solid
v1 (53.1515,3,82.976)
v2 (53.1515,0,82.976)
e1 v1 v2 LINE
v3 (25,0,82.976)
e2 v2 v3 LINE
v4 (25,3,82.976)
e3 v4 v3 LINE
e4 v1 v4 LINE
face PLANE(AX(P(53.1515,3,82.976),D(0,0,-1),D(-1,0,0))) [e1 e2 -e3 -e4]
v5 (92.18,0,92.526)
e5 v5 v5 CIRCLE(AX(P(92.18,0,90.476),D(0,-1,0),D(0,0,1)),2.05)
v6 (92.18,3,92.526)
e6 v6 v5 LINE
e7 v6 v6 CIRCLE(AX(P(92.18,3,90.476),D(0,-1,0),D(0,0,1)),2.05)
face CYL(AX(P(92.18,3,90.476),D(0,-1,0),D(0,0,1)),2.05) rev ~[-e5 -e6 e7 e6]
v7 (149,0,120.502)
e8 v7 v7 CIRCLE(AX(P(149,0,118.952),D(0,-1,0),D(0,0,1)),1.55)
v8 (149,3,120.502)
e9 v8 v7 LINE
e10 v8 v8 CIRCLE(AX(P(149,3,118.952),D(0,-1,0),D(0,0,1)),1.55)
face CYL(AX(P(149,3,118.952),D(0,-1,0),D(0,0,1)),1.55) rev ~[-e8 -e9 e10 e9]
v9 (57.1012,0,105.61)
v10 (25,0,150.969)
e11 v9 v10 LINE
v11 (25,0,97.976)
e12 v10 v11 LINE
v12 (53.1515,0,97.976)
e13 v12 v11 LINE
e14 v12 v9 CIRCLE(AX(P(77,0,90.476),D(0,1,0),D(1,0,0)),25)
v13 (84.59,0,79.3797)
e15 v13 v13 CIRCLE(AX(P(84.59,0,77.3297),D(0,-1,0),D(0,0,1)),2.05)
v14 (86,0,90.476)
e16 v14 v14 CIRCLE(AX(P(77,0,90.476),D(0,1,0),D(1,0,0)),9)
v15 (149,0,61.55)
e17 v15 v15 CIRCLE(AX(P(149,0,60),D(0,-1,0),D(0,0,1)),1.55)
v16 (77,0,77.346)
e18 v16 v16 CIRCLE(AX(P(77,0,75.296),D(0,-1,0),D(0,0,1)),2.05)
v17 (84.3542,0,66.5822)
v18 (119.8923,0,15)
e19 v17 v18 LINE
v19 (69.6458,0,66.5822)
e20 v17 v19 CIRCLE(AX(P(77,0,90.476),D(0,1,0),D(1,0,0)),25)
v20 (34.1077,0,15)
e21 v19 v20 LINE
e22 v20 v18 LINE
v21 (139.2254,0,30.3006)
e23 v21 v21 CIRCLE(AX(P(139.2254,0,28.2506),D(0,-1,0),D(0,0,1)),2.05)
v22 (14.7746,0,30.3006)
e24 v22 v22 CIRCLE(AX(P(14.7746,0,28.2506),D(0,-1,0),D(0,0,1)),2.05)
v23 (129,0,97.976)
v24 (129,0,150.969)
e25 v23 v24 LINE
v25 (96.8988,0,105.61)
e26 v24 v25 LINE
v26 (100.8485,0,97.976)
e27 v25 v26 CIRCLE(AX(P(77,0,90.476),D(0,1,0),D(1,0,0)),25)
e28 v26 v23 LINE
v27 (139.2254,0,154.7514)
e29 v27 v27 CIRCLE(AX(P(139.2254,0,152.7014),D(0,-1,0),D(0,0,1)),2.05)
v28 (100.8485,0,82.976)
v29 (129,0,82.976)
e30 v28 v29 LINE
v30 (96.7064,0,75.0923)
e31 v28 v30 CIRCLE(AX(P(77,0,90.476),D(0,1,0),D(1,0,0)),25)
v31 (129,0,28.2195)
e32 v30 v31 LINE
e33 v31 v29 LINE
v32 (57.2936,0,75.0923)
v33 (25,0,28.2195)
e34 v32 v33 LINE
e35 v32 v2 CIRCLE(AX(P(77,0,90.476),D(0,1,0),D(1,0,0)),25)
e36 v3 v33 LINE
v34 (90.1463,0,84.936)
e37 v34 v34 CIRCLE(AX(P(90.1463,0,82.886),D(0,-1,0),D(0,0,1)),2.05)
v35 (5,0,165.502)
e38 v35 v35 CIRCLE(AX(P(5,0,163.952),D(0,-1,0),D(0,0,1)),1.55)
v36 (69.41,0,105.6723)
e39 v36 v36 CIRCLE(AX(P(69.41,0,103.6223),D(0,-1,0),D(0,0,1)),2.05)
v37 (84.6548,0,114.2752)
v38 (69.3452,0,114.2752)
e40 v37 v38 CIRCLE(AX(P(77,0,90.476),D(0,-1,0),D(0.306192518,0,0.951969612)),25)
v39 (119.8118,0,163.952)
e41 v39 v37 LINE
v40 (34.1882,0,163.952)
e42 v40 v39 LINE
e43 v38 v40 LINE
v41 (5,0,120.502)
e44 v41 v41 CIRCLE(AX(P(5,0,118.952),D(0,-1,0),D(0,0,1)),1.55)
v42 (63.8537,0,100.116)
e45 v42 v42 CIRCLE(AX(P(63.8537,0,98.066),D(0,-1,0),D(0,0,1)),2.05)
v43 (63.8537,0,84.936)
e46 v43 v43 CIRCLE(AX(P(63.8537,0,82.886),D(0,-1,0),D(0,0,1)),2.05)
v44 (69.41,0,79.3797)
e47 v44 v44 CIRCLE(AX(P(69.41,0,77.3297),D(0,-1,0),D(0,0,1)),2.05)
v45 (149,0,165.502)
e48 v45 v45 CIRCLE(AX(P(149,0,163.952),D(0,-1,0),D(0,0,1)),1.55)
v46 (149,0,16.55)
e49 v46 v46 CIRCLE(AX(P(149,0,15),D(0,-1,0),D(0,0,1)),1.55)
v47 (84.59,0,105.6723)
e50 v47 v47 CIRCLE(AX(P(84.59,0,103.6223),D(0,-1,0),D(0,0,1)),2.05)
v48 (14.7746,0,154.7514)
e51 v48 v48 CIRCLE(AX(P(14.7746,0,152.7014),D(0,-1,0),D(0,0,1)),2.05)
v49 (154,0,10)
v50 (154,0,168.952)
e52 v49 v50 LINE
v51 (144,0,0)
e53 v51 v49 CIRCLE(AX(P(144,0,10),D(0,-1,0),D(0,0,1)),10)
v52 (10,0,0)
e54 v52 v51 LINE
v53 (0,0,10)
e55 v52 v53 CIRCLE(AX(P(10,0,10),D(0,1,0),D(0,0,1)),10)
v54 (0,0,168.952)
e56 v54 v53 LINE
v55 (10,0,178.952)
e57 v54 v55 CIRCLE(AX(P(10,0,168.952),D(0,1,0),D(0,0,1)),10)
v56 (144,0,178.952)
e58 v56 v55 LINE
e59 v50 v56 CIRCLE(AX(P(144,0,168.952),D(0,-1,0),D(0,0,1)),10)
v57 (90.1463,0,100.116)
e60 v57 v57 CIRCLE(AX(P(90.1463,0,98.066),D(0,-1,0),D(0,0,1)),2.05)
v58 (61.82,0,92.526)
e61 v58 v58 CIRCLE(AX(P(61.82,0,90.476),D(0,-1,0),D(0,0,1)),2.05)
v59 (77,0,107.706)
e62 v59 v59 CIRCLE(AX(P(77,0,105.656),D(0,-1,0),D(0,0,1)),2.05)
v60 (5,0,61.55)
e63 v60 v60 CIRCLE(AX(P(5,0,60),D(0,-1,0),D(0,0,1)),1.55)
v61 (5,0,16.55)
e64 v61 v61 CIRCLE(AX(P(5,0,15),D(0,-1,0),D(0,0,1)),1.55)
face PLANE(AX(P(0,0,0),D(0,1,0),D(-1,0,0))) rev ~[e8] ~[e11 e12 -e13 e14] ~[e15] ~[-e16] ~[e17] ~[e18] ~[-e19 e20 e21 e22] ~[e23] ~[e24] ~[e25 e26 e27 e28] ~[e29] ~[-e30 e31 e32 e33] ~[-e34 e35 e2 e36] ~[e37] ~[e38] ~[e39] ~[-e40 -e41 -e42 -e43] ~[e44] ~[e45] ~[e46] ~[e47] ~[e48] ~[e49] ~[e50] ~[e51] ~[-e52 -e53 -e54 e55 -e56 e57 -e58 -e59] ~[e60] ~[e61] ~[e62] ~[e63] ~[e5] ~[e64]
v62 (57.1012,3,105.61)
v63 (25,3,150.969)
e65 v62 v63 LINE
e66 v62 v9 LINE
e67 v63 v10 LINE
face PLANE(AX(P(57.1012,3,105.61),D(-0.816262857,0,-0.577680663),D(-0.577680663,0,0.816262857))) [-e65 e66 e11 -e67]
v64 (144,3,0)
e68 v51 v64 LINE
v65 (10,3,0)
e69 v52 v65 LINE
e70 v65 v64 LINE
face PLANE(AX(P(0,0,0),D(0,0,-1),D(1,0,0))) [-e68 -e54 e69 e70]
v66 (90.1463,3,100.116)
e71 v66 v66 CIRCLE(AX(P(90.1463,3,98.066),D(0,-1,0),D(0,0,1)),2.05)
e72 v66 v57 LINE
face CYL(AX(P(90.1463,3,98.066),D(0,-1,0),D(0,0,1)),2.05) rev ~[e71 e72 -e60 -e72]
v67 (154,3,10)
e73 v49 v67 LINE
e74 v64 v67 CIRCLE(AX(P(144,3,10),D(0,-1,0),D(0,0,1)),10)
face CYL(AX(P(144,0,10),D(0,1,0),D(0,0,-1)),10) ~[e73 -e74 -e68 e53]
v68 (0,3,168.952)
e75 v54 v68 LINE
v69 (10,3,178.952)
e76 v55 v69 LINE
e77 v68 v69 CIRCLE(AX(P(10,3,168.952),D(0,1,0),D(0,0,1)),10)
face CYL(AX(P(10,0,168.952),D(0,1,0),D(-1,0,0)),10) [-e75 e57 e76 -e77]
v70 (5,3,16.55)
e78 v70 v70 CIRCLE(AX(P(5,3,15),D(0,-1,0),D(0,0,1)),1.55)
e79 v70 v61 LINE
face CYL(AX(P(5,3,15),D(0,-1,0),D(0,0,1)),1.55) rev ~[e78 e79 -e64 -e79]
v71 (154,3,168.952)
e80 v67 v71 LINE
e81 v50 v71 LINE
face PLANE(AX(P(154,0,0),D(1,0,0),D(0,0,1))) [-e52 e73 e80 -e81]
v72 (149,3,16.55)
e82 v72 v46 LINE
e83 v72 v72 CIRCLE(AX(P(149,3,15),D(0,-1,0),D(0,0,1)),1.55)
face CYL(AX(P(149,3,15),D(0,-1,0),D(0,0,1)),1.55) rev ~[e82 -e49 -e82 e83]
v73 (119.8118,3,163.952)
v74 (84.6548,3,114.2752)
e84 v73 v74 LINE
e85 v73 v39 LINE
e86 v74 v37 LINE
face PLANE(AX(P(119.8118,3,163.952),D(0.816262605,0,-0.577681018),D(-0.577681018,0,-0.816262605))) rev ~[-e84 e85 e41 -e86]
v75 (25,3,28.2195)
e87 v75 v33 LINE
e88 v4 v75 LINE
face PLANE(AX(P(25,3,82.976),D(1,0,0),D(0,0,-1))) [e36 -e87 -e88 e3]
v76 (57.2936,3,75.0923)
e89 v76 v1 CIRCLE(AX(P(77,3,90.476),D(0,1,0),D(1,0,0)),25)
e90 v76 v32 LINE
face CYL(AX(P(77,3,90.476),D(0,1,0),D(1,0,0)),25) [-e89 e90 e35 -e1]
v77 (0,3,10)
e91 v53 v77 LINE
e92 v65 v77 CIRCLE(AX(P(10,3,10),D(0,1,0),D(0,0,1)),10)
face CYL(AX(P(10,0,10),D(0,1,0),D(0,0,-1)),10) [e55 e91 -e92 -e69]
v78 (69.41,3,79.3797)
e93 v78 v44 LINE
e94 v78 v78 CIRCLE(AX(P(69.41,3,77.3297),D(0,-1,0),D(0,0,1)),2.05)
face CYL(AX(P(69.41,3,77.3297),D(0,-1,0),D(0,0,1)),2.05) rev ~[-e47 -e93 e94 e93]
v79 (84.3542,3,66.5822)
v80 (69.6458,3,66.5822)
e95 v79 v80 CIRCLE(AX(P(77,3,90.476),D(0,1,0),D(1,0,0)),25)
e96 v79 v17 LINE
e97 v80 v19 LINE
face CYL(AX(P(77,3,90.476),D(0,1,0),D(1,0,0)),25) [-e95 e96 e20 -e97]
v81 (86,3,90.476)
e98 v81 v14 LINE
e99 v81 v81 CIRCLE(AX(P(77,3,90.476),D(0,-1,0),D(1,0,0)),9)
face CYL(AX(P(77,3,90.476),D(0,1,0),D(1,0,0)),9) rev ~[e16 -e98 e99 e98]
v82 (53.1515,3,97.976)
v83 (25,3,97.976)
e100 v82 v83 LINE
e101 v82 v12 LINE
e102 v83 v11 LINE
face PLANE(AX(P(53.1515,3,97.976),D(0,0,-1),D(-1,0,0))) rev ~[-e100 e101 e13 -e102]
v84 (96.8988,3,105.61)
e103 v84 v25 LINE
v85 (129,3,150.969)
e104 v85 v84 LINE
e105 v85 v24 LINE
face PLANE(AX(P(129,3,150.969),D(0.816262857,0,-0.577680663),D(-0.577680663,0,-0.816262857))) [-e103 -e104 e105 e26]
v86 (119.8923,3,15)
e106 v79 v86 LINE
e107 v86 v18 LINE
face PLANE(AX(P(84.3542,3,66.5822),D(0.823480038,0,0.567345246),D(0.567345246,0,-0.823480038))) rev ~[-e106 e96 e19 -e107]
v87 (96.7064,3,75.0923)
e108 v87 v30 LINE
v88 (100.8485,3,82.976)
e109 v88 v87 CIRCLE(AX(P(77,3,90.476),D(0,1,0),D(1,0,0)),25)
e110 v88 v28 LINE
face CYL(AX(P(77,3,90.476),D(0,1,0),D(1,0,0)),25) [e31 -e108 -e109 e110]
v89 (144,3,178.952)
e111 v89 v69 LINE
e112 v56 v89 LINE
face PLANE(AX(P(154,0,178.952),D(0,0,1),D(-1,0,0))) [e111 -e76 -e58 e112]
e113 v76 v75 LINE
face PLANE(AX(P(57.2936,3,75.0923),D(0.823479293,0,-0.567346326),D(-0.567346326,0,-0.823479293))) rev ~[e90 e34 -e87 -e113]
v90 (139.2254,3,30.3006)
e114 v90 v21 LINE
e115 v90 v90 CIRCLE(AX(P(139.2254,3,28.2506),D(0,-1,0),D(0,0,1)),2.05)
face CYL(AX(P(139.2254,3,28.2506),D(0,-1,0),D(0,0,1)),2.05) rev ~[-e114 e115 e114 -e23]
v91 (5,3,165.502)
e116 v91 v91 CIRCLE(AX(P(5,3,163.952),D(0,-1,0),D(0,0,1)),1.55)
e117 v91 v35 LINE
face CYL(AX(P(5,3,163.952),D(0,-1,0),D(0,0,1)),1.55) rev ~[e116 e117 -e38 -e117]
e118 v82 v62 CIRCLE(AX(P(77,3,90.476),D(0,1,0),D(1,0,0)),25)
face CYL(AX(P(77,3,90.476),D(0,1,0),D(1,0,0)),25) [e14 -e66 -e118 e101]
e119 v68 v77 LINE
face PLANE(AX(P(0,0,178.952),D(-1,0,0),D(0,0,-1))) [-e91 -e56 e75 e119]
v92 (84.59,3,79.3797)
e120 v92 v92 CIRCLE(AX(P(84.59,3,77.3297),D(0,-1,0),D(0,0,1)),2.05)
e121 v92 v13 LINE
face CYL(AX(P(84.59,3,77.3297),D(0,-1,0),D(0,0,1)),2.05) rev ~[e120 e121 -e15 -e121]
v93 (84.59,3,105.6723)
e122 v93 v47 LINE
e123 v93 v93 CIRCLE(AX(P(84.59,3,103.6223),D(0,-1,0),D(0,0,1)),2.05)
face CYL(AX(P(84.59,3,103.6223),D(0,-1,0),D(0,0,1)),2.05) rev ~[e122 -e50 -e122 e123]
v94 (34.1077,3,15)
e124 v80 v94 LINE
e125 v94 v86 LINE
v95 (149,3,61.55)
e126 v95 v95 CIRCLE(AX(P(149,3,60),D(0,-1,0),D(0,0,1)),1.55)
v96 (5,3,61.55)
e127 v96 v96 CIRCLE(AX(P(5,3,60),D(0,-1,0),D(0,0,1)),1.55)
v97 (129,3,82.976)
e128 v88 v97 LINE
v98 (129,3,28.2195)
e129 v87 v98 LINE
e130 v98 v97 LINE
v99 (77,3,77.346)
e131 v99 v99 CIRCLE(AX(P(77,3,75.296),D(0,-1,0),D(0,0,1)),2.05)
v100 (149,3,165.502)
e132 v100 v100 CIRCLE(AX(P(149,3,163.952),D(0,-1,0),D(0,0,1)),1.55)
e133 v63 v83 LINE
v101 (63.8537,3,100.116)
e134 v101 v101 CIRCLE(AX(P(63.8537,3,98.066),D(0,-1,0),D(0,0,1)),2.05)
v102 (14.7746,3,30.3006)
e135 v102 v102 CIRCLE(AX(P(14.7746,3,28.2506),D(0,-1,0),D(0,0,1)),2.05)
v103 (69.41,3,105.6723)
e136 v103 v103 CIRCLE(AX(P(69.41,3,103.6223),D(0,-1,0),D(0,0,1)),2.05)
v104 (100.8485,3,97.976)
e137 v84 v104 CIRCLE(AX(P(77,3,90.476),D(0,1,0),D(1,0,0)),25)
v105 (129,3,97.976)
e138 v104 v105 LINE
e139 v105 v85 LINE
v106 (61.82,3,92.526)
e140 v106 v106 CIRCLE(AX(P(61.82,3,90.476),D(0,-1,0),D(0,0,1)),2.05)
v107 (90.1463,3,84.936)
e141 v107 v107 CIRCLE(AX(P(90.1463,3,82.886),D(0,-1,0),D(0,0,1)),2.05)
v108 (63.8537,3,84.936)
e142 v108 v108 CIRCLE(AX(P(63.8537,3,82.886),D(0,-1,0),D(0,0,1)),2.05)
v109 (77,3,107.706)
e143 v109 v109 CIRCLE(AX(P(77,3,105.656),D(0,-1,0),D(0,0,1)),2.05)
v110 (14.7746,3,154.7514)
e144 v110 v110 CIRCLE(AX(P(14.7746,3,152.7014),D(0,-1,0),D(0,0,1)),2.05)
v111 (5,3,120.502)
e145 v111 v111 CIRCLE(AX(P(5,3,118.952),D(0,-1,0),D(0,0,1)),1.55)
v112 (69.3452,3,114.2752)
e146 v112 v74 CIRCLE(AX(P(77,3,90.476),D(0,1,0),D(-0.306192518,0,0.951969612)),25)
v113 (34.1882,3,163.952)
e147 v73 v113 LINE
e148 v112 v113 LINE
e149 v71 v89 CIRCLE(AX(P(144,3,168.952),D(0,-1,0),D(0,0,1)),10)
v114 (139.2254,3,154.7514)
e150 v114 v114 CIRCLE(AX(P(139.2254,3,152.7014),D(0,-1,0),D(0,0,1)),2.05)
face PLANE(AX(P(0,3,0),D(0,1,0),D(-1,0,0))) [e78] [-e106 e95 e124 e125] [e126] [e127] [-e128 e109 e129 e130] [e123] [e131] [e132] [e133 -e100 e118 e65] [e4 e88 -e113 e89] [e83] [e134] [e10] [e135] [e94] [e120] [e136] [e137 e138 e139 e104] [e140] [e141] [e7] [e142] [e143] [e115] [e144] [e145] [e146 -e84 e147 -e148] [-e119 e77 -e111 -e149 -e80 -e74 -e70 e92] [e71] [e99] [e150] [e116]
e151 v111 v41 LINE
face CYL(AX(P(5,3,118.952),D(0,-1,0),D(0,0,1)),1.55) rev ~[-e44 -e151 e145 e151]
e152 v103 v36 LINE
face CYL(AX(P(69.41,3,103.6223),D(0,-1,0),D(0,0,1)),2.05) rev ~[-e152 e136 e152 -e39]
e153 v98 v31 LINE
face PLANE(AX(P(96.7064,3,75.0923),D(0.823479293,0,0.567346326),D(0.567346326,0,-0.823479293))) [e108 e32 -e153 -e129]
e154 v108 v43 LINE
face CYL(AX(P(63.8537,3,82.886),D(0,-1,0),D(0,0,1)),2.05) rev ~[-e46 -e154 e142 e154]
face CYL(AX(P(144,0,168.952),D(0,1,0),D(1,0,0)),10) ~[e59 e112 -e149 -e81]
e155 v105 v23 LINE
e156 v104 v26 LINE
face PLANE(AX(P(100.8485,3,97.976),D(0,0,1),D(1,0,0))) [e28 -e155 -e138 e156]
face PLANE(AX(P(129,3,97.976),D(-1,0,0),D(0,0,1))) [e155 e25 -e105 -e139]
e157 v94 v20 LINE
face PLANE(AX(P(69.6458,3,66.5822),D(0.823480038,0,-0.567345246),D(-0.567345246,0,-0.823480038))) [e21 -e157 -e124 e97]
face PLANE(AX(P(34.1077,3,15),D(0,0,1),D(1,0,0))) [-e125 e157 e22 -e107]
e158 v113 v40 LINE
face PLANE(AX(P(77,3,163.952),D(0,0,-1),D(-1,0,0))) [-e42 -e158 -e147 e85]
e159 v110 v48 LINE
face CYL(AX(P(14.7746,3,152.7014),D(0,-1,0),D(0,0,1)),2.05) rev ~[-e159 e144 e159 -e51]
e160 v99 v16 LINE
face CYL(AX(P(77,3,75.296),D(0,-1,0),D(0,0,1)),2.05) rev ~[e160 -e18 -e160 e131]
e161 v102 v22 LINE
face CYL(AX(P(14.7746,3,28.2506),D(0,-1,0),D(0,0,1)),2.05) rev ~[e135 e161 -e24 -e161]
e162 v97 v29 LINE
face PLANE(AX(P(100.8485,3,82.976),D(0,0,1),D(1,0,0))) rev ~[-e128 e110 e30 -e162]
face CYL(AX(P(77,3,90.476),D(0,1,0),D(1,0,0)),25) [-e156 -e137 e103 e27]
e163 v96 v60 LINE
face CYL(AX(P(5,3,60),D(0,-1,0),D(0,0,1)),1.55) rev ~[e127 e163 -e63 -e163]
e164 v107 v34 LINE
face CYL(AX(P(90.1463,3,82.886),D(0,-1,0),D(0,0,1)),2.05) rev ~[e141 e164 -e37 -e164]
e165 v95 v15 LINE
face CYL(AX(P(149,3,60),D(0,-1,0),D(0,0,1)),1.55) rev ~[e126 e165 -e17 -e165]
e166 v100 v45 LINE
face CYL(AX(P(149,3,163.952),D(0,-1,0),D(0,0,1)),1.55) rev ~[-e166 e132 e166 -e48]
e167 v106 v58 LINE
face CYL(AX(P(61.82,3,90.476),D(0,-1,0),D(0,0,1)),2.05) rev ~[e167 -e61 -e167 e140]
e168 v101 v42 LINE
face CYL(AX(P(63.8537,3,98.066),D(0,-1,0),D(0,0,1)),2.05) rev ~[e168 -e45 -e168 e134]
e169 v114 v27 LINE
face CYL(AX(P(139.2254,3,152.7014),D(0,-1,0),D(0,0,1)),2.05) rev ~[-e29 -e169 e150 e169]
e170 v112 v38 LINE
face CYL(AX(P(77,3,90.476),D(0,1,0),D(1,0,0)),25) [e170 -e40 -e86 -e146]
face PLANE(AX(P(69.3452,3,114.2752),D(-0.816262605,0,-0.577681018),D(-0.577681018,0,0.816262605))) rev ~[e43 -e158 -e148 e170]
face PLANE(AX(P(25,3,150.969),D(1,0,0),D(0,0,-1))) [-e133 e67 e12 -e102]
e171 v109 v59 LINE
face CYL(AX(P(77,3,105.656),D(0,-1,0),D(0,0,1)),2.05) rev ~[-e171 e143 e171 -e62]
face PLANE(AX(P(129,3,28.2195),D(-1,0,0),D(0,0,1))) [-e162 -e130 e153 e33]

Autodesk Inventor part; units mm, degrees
ref_plane "YZ Plane" through (0, 0, 0) normal (1, 0, 0) x (0, 1, 0)
ref_plane "XZ Plane" through (0, 0, 0) normal (0, 1, 0) x (-1, 0, 0)
ref_plane "XY Plane" through (0, 0, 0) normal (0, 0, 1) x (1, 0, 0)
sketch "スケッチ1" plane through (0, 0, 0) normal (0, 1, 0) x (-1, 0, 0)
  line L0 (0, 0) -> (-154, 0)
  line L1 (-154, 0) -> (-154, 178.952)
  line L2 (-154, 178.952) -> (0, 178.952)
  line L3 (0, 178.952) -> (0, 0)
  dimension "d0" = 178.952
  dimension "d1" = 154
extrude "押し出し1" add sketch "スケッチ1" along normal blind 3
sketch "スケッチ2" plane through (0, 3, 0) normal (0, 1, 0) x (1, 0, 0)
  line L0 (0, 0) -> (0, -178.952) projected
  line L1 (0, -163.952) -> (154, -163.952)
  line L2 (154, -178.952) -> (154, 0) projected
  line L3 (0, -178.952) -> (154, -178.952) projected
  line L4 (0, -118.952) -> (154, -118.952)
  line L5 (0, -15) -> (154, -15)
  line L6 (154, 0) -> (0, 0) projected
  line L7 (0, -60) -> (154, -60)
  line L8 (5, -178.952) -> (5, 0)
  line L9 (149, -178.952) -> (149, -168.1662)
  line L10 (149, -168.1662) -> (149, 0)
  point P0 (5, -163.952)
  point P1 (5, -118.952)
  point P2 (5, -60)
  point P3 (5, -15)
  point P4 (149, -15)
  point P5 (149, -60)
  point P6 (149, -118.952)
  point P7 (149, -163.952)
  dimension "d4" = 15
  dimension "d5" = 45
  dimension "d6" = 15
  dimension "d7" = 45
  dimension "d8" = 5
  dimension "d9" = 5
hole "穴1" at (5, 3, 163.952) at (5, 3, 118.952) at (5, 3, 60) at (5, 3, 15) at (149, 3, 15) at (149, 3, 60) at (149, 3, 118.952) at (149, 3, 163.952) direction (0, -1, 0) diameter 3.1 end through all
sketch "スケッチ3" plane through (0, 3, 0) normal (0, 1, 0) x (1, 0, 0)
  circle A0 centre (5, -118.952) radius 1.55 projected
  circle A1 centre (149, -118.952) radius 1.55 projected
  line L0 (5, -118.952) -> (149, -118.952)
  circle A2 centre (149, -60) radius 1.55 projected
  line L1 (149, -118.952) -> (149, -60)
  circle A3 centre (5, -60) radius 1.55 projected
  line L2 (149, -60) -> (5, -60)
  line L3 (5, -60) -> (5, -118.952)
  line L4 (5, -90.476) -> (149, -90.476)
  line L5 (77, -118.952) -> (77, -60)
  circle A4 centre (77, -90.476) radius 15.18
  line L6 (5, -89.476) -> (149, -89.476)
  point P0 (0, 0)
  point P1 (61.82, -90.476)
  point P2 (63.8537, -98.066)
  point P3 (69.41, -103.6223)
  point P4 (77, -105.656)
  point P5 (84.59, -103.6223)
  point P6 (90.1463, -98.066)
  point P7 (92.18, -90.476)
  point P8 (90.1463, -82.886)
  point P9 (84.59, -77.3297)
  point P10 (77, -75.296)
  point P11 (69.41, -77.3297)
  point P12 (63.8537, -82.886)
  dimension "d18" = 30.36
  dimension "d21" = 360
  dimension "d50" = 1
hole "穴2" at (61.82, 3, 90.476) at (63.8537, 3, 98.066) at (69.41, 3, 103.6223) at (77, 3, 105.656) at (84.59, 3, 103.6223) at (90.1463, 3, 98.066) at (92.18, 3, 90.476) at (90.1463, 3, 82.886) at (84.59, 3, 77.3297) at (77, 3, 75.296) at (69.41, 3, 77.3297) at (63.8537, 3, 82.886) direction (0, -1, 0) diameter 4.1 end through all
sketch "スケッチ4" plane through (0, 3, 0) normal (0, 1, 0) x (1, 0, 0)
  circle A0 centre (77, -75.296) radius 2.05 projected
  circle A1 centre (77, -105.656) radius 2.05 projected
  line L0 (77, -75.296) -> (77, -105.656)
  circle A2 centre (77, -90.476) radius 9
  point P0 (0, 0)
  dimension "d30" = 18
extrude "押し出し2" cut sketch "スケッチ4" against normal blind 3 contours A2 L0 | L0 A2
sketch "スケッチ5" plane through (0, 3, 0) normal (0, 1, 0) x (1, 0, 0)
  circle A0 centre (77, -90.476) radius 9 projected
  circle A1 centre (77, -90.476) radius 88
  line L0 (77, -90.476) -> (77, -178.476)
  line L1 (77, -90.476) -> (14.7746, -152.7014)
  point P0 (0, 0)
  point P1 (139.2254, -152.7014)
  point P2 (139.2254, -28.2506)
  point P3 (14.7746, -28.2506)
  dimension "d36" = 176
  dimension "d37" = 45
  dimension "d40" = 360
hole "穴3" at (14.7746, 3, 152.7014) at (139.2254, 3, 152.7014) at (139.2254, 3, 28.2506) at (14.7746, 3, 28.2506) direction (0, -1, 0) diameter 4.1 end through all
sketch "スケッチ6" plane through (0, 3, 0) normal (0, 1, 0) x (1, 0, 0)
  line L0 (0, -178.952) -> (154, -178.952) projected
  line L1 (144, -178.952) -> (144, 0)
  line L2 (154, 0) -> (0, 0) projected
  line L3 (154, -178.952) -> (154, 0) projected
  line L4 (10, -178.952) -> (10, 0)
  line L5 (0, 0) -> (0, -178.952) projected
  circle A0 centre (77, -90.476) radius 9 projected
  circle A1 centre (77, -90.476) radius 25
  line L6 (129, -163.952) -> (25, -163.952)
  line L7 (25, -163.952) -> (25, -15)
  line L8 (25, -15) -> (129, -15)
  line L9 (129, -15) -> (129, -163.952)
  line L10 (77, -90.476) -> (25, -163.952)
  line L11 (77, -90.476) -> (129, -15)
  line L12 (77, -90.476) -> (25, -15)
  line L13 (77, -90.476) -> (129, -163.952)
  line L14 (129, -150.969) -> (96.8988, -105.61)
  line L15 (119.8118, -163.952) -> (84.6548, -114.2752)
  line L16 (96.7064, -75.0923) -> (129, -28.2195)
  line L17 (84.3542, -66.5822) -> (119.8923, -15)
  line L18 (69.6458, -66.5822) -> (34.1077, -15)
  line L19 (57.2936, -75.0923) -> (25, -28.2195)
  line L20 (69.3452, -114.2752) -> (34.1882, -163.952)
  line L21 (57.1012, -105.61) -> (25, -150.969)
  line L22 (53.1515, -97.976) -> (25, -97.976)
  line L23 (53.1515, -82.976) -> (25, -82.976)
  line L24 (77, -90.476) -> (10, -90.476)
  line L25 (77, -90.476) -> (77, -163.952)
  line L26 (100.8485, -97.976) -> (129, -97.976)
  line L27 (100.8485, -82.976) -> (129, -82.976)
  point P0 (100.8485, -97.976)
  dimension "d53" = 50
  dimension "d51" = 10
  dimension "d52" = 10
  dimension "d54" = 15
  dimension "d55" = 15
  dimension "d56" = 15
  dimension "d57" = 15
  dimension "d58" = 7.5
  dimension "d59" = 7.5
  dimension "d60" = 7.5
  dimension "d61" = 7.5
  dimension "d62" = 7.5
  dimension "d63" = 7.5
  dimension "d64" = 7.5
  dimension "d65" = 7.5
  dimension "d69" = 7.5
  dimension "d70" = 7.5
extrude "押し出し3" cut sketch "スケッチ6" against normal blind 3 contours L22 A1 L21 L7 | L7 L19 A1 L23 | L20 A1 L25 L6 | L8 L17 A1 L18 | L25 A1 L15 L6 | L16 L9 L27 A1 | A1 L26 L9 L14
fillet "フィレット1" radius 10 4 edges at (0, 1.5, 0) (0, 1.5, 178.952) (154, 1.5, 178.952) (154, 1.5, 0)
properties part number "base_plate5" material "アルミニウム 6061"
